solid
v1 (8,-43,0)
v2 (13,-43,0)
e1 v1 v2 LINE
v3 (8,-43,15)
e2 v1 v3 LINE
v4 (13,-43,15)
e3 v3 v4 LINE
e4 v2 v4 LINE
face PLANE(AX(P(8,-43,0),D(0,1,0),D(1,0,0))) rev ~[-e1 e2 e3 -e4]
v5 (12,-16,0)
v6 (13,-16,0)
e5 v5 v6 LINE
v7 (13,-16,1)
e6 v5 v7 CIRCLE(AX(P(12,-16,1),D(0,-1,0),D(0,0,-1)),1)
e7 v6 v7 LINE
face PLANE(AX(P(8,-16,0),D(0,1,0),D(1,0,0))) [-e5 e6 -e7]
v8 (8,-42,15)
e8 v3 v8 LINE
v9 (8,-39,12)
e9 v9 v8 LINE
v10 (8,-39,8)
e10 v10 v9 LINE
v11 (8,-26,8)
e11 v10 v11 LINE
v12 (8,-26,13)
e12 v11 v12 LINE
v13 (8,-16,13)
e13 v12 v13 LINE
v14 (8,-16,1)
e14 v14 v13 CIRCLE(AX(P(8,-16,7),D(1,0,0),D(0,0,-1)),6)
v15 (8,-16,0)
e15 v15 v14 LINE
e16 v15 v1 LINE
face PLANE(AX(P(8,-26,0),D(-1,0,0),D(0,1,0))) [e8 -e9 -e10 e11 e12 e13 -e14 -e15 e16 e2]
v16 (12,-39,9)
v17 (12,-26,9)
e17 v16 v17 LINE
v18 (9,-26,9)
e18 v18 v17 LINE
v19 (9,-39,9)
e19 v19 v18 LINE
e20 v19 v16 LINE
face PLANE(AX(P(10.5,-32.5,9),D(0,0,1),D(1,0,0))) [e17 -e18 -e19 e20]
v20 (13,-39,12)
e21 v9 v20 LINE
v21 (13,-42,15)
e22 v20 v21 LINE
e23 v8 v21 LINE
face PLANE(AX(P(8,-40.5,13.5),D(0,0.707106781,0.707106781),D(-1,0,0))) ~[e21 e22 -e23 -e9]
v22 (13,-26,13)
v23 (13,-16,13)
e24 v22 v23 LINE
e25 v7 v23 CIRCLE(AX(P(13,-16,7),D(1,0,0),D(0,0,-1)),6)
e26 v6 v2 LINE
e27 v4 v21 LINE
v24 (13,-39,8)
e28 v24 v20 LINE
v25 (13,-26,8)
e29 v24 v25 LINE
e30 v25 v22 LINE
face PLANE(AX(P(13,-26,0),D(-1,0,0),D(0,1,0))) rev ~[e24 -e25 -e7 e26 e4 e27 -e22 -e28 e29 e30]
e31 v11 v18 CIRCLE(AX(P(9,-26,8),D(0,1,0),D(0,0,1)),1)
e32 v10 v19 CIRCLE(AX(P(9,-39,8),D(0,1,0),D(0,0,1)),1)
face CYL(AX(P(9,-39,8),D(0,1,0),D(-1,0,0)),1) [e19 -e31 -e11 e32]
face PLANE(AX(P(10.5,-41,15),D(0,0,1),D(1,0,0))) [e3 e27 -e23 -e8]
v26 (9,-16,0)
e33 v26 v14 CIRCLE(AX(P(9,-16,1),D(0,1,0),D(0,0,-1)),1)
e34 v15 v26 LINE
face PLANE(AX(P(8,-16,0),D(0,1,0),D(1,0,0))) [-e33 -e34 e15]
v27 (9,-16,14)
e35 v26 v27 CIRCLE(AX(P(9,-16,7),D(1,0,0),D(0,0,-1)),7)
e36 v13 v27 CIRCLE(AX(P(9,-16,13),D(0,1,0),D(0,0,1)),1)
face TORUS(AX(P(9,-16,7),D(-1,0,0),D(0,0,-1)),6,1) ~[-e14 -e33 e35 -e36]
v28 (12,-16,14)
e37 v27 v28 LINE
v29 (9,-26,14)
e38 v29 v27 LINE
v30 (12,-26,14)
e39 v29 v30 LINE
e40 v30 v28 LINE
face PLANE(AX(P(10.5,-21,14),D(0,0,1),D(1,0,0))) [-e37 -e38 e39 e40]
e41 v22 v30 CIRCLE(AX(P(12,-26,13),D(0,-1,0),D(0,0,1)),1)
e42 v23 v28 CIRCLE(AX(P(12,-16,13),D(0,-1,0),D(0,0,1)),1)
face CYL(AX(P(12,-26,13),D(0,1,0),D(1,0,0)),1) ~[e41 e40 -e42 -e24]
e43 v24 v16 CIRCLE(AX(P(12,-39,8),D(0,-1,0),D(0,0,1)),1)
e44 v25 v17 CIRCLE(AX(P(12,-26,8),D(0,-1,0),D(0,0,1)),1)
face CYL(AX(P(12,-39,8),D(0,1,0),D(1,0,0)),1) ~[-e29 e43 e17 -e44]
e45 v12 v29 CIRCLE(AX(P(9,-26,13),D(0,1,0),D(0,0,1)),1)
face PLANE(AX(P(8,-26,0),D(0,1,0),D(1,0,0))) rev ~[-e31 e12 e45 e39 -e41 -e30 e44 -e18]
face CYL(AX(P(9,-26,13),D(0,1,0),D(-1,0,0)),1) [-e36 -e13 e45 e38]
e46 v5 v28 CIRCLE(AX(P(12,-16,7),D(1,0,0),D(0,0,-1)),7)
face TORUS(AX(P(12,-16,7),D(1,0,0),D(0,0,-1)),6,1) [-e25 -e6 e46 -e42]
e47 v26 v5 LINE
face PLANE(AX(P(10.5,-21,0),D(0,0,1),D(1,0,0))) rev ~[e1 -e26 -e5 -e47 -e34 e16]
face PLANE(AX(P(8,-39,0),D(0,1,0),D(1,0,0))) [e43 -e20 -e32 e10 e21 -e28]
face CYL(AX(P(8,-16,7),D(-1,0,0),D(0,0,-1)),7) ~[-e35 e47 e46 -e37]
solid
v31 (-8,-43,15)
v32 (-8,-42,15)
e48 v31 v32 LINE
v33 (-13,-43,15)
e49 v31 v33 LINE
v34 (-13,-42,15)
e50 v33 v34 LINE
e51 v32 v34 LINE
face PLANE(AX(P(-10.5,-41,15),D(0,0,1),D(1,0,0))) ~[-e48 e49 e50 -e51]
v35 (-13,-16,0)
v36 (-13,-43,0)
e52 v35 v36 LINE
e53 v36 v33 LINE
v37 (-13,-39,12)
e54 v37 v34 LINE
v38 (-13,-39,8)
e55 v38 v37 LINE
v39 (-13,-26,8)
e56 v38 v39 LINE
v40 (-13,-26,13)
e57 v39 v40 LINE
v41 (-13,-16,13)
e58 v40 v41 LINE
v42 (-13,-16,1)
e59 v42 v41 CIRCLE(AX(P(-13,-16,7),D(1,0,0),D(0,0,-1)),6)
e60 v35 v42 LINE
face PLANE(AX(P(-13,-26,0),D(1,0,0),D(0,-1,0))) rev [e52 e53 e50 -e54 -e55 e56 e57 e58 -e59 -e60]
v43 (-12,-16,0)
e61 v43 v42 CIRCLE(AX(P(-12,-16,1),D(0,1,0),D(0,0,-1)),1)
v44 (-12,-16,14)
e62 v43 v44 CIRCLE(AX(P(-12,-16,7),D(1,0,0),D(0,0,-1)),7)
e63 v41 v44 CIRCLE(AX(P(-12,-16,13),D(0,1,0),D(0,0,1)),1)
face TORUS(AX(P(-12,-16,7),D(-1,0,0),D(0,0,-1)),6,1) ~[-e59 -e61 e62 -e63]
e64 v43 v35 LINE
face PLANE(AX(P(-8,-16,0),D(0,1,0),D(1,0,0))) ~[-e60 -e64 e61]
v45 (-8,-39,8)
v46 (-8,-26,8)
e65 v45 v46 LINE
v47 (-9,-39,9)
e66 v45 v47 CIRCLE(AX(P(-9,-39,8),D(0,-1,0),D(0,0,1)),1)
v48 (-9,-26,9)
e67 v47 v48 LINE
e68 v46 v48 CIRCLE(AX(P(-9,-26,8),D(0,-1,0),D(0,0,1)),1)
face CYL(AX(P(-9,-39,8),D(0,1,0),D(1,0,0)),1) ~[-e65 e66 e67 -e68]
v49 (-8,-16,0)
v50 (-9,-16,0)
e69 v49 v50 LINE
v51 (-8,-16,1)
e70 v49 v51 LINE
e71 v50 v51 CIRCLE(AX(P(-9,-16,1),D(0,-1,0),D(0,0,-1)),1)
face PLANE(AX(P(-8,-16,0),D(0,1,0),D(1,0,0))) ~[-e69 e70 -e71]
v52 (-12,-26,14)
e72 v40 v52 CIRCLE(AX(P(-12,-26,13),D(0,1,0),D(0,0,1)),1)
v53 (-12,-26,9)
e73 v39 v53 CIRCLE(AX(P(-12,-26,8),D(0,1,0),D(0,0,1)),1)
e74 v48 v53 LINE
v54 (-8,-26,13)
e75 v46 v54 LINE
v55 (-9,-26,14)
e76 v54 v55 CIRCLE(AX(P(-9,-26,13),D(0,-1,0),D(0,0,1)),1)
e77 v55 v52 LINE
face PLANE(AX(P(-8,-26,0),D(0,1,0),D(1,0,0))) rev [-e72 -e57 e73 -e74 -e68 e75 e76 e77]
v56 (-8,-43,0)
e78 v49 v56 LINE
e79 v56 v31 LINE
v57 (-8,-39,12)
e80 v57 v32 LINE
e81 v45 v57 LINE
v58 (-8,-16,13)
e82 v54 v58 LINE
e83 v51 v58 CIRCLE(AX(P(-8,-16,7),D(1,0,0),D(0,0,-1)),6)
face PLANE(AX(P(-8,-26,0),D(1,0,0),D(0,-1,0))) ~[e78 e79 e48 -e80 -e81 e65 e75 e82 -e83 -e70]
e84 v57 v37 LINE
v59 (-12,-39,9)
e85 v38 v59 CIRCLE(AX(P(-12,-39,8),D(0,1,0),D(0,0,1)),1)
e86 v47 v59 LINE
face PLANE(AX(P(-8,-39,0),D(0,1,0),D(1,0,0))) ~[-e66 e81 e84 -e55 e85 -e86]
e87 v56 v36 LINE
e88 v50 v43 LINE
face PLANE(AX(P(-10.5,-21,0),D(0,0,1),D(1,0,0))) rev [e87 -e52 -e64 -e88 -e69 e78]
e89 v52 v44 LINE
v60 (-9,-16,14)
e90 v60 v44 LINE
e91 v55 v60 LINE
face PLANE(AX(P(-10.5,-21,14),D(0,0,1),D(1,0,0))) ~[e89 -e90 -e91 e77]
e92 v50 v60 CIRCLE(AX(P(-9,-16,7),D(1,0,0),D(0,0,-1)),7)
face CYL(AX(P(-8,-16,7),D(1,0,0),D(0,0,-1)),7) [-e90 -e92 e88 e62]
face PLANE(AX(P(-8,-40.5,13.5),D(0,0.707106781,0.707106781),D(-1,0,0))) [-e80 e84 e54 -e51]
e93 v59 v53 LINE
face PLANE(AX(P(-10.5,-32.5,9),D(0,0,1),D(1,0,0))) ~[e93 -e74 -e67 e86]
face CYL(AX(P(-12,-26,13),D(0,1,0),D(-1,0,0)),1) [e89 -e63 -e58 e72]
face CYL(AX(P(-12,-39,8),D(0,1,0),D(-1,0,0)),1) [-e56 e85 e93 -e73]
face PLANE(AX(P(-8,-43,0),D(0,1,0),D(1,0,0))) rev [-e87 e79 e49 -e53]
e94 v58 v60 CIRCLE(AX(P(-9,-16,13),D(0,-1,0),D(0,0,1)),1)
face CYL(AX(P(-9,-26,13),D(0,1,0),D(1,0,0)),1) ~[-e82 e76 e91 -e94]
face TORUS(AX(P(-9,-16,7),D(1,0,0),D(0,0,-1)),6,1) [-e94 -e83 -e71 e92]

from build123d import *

# Parameters (mm, degrees)
BOX003_W          = 5
BOX003_H          = 13
BOX003_DEPTH      = 9
FILLET004_R       = 1
CYLINDER006_R     = 7
CYLINDER006_DEPTH = 5
FILLET005_R       = 1
BOX001_W          = 5
BOX001_H          = 10
BOX001_DEPTH      = 14
FILLET006_R       = 1
BOX006_W          = 5
BOX006_H          = 4
BOX006_DEPTH      = 15
CHAMFER_SIZE      = 3


with BuildPart() as fillet004:
    # Box003 → Box003 (new body)
    with BuildSketch(Plane(origin=(8, -39, 0), x_dir=(1, 0, 0), z_dir=(0, 0, 1))):
        with Locations((2.5, 6.5)):
            Rectangle(BOX003_W, BOX003_H)
    extrude(amount=BOX003_DEPTH)

    # Fillet004
    fillet004_edges = [fillet004.edges().sort_by_distance(p)[0] for p in [
        (8, -32.5, 9),
        (13, -32.5, 9),
    ]]
    fillet(fillet004_edges, radius=FILLET004_R)


with BuildPart() as fillet005:
    # Cylinder006 → Cylinder006 (new body)
    with BuildSketch(Plane(origin=(8, -16, 7), x_dir=(0, 0, -1), z_dir=(1, 0, 0))):
        Circle(CYLINDER006_R)
    extrude(amount=CYLINDER006_DEPTH)

    # Fillet005
    fillet005_edges = [fillet005.edges().sort_by_distance(p)[0] for p in [
        (13, -16, 14),
        (8, -16, 14),
    ]]
    fillet(fillet005_edges, radius=FILLET005_R)


with BuildPart() as fillet006:
    # Box001 → Box001 (new body)
    with BuildSketch(Plane(origin=(8, -26, 0), x_dir=(1, 0, 0), z_dir=(0, 0, 1))):
        with Locations((2.5, 5)):
            Rectangle(BOX001_W, BOX001_H)
    extrude(amount=BOX001_DEPTH)

    # Fillet006
    fillet006_edges = [fillet006.edges().sort_by_distance(p)[0] for p in [
        (8, -21, 14),
        (13, -21, 14),
    ]]
    fillet(fillet006_edges, radius=FILLET006_R)


with BuildPart() as fusion001:
    # Box006 → Box006 (new body)
    with BuildSketch(Plane(origin=(8, -43, 0), x_dir=(1, 0, 0), z_dir=(0, 0, 1))):
        with Locations((2.5, 2)):
            Rectangle(BOX006_W, BOX006_H)
    extrude(amount=BOX006_DEPTH)

    # Chamfer
    chamfer_edges = [fusion001.edges().sort_by_distance(p)[0] for p in [
        (10.5, -39, 15),
    ]]
    chamfer(chamfer_edges, length=CHAMFER_SIZE)

    # Fusion001: union Fillet004, Fillet005, Fillet006
    add(fillet004.part)
    add(fillet005.part)
    add(fillet006.part)


with BuildPart() as front_legs:
    # Part__Mirroring: instance of Fusion001
    add(fusion001.part.mirror(Plane(origin=(0, 0, 0), x_dir=(0, -1, 0), z_dir=(1, 0, 0))))

    # Fusion003: union Fusion001
    add(fusion001.part)


solid = front_legs.part
